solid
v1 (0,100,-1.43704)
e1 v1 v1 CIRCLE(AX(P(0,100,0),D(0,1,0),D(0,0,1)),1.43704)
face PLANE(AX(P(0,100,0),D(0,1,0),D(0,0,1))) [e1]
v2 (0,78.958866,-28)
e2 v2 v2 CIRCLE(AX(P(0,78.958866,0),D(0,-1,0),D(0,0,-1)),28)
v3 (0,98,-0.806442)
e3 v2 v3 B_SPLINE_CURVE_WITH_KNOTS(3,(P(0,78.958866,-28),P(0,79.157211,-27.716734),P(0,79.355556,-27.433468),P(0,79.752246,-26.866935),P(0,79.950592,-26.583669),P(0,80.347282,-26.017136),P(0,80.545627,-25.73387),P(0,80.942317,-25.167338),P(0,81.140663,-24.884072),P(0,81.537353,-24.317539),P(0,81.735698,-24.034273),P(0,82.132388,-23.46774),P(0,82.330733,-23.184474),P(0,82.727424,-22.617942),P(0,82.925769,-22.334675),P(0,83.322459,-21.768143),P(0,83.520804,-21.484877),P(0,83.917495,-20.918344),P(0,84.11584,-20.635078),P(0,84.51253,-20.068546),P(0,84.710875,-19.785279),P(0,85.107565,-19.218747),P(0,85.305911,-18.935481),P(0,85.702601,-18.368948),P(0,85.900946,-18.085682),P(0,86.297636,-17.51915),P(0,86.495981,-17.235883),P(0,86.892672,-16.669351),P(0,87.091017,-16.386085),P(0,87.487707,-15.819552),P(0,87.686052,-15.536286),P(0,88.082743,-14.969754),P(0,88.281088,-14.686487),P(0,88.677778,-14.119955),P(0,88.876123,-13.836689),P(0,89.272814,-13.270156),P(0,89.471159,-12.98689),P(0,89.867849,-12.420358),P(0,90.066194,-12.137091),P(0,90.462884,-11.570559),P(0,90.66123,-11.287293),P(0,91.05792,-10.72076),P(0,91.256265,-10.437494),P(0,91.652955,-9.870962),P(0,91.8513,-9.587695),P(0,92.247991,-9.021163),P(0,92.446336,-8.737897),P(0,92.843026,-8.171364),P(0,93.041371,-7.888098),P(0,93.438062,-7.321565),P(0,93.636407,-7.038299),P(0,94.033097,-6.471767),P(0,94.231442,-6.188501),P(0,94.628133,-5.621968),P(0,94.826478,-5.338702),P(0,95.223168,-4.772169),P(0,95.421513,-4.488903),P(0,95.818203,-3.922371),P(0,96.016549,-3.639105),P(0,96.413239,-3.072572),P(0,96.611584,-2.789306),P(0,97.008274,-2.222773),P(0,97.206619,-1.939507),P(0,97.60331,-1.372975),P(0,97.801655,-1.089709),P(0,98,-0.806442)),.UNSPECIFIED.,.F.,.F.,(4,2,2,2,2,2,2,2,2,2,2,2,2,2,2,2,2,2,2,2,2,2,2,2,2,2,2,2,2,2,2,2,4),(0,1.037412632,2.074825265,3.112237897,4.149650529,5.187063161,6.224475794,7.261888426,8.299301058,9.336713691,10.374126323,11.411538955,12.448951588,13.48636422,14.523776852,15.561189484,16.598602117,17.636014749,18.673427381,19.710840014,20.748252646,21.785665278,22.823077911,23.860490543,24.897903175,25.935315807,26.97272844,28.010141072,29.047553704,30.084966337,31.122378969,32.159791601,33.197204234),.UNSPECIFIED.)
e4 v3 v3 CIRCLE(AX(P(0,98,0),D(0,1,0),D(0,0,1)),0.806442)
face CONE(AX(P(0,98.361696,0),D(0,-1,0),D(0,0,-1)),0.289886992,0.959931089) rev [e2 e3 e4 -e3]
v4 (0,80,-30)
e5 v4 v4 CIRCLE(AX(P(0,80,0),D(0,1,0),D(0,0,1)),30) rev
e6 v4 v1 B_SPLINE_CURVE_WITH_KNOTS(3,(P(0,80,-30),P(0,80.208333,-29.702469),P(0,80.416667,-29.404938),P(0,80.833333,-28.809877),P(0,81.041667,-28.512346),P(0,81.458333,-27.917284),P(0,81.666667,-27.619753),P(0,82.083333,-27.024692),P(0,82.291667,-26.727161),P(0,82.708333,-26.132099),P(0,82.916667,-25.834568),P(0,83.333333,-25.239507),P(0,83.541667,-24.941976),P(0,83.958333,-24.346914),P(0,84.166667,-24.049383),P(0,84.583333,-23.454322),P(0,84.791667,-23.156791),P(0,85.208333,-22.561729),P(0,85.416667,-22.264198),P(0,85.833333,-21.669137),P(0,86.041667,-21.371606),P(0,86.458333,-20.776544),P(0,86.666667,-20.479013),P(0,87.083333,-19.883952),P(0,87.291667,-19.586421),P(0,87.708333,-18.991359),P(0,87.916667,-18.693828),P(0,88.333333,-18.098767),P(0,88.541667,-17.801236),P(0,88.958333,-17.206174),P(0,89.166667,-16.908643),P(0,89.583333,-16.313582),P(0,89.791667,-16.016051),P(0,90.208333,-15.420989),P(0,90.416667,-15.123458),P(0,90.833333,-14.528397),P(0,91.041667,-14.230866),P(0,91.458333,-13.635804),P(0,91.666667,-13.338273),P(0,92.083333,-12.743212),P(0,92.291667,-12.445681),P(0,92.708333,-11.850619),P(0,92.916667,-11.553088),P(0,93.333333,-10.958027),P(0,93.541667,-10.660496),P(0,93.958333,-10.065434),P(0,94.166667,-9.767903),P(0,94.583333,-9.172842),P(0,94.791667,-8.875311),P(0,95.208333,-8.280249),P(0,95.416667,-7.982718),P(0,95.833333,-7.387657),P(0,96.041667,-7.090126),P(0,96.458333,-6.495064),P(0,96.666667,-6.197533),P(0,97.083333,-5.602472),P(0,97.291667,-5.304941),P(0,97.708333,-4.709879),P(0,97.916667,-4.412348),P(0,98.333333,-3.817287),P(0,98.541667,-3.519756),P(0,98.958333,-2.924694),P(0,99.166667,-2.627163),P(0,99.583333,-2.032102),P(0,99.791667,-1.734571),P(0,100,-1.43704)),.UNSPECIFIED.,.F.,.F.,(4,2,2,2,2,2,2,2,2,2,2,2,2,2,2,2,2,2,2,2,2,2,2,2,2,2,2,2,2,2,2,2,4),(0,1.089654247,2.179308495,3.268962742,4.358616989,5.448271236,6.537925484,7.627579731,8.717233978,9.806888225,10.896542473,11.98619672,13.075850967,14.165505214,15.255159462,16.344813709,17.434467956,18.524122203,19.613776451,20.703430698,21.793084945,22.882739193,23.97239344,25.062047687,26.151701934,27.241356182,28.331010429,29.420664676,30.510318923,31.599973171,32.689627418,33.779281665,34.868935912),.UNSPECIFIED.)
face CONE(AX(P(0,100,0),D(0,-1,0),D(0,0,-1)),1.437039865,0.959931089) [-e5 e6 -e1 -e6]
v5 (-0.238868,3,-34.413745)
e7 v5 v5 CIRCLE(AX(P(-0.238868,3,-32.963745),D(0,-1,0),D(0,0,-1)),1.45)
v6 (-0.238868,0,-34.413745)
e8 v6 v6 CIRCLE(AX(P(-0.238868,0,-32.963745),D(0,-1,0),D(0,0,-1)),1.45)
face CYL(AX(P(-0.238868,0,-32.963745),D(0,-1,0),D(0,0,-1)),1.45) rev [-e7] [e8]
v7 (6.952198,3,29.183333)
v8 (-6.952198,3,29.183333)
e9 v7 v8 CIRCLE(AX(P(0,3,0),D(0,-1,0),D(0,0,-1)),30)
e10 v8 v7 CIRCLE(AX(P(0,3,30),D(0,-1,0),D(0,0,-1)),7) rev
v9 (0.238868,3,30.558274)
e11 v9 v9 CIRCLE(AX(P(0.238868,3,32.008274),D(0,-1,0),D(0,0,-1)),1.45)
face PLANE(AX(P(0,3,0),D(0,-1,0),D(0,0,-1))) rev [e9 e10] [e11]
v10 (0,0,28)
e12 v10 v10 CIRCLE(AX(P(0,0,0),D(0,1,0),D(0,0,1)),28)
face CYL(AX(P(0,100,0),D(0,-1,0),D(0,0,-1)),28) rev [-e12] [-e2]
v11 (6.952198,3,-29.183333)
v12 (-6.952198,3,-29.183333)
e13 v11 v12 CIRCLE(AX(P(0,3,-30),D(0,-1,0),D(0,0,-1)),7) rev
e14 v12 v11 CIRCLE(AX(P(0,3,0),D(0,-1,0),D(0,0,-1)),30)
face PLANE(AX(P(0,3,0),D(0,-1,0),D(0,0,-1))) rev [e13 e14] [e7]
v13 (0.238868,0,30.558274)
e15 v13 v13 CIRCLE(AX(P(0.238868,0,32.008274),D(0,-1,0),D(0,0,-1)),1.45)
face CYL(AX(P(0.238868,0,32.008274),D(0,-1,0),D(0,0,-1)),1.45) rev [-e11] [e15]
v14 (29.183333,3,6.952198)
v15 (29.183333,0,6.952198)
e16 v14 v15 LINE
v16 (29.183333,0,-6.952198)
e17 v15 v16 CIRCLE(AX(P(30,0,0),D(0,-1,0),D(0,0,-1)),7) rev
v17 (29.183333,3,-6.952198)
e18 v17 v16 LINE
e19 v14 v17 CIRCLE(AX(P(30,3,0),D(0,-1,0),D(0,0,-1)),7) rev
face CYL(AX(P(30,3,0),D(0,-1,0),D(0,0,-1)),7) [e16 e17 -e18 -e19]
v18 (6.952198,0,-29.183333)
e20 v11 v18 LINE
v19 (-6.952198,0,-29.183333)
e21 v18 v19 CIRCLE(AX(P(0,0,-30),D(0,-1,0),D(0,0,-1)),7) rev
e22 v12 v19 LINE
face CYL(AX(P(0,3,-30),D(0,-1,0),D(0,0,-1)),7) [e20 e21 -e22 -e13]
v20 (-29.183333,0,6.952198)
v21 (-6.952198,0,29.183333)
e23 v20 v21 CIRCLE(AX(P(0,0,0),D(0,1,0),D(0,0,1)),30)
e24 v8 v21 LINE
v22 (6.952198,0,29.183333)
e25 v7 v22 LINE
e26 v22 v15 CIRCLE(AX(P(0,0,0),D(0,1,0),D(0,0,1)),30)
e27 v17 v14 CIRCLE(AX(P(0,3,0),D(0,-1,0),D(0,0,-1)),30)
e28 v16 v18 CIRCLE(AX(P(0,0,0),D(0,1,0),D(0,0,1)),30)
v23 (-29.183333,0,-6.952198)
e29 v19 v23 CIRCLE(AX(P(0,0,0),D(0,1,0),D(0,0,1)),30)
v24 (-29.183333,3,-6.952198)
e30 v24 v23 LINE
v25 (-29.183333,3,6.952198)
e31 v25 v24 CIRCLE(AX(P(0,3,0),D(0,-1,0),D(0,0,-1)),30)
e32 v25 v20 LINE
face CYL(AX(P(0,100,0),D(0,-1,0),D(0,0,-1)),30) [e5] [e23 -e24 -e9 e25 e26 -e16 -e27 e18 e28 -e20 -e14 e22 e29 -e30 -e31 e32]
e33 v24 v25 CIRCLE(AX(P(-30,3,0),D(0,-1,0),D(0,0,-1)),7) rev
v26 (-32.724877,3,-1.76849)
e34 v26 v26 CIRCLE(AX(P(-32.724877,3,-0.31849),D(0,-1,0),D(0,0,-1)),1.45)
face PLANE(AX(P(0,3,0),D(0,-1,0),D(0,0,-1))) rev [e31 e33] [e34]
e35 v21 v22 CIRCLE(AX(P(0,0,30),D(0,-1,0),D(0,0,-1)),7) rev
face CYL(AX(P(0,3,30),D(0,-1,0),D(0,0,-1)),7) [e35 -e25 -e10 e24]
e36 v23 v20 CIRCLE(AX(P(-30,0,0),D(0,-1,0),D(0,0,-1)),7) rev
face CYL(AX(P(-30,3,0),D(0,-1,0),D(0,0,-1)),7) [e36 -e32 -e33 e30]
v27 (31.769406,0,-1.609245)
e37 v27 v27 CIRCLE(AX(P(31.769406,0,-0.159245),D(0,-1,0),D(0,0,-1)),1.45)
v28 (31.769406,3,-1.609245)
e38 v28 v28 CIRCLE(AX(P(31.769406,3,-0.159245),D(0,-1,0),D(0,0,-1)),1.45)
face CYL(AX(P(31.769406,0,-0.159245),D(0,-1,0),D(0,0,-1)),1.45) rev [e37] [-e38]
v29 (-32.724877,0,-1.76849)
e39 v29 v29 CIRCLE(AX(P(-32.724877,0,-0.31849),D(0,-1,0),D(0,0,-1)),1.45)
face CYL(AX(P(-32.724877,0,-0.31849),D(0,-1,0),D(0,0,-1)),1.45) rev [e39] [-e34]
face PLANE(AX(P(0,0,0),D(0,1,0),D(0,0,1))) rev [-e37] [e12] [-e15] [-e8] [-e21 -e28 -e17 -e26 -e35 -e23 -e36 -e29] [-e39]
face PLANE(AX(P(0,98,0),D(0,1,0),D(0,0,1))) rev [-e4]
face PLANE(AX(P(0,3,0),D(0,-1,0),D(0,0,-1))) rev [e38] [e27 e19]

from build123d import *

# Parameters (mm, degrees)
SKETCH1_R                 = 30
BOSS_EXTRUDE1_DEPTH       = 100
CHAMFER1_SIZE             = 20
CHAMFER1_SIZE2            = 28.562960135
SHELL1_T                  = -2
BOSS_EXTRUDE2_DEPTH       = 3
F_1_0MM_DOWEL_HOLE1_D     = 2.9
F_1_0MM_DOWEL_HOLE1_DEPTH = 9.128752102
F_1_0MM_DOWEL_HOLE1_TIP   = 0.871247898


with BuildPart() as part:
    # Sketch1 → Boss-Extrude1 (new body)
    with BuildSketch(Plane(origin=(0, 0, 0), x_dir=(1, 0, 0), z_dir=(0, 1, 0))):
        with Locations(Location((0, 0, 0), (0, 0, 270))):
            Circle(SKETCH1_R)
    extrude(amount=BOSS_EXTRUDE1_DEPTH)

    # Chamfer1
    chamfer1_edges = [part.edges().sort_by_distance(p)[0] for p in [
        (0, 100, -30),
    ]]
    chamfer1_side = [part.faces().sort_by_distance(p)[0] for p in [
        (0, 50, -30),
    ]]
    chamfer(chamfer1_edges, length=CHAMFER1_SIZE, length2=CHAMFER1_SIZE2, reference=chamfer1_side[0])

    # Shell1
    shell1_openings = [part.faces().sort_by_distance(p)[0] for p in [
        (0, 0, 0),
    ]]
    offset(amount=SHELL1_T, openings=shell1_openings, kind=Kind.INTERSECTION)

    # Sketch2 → Boss-Extrude2 (add)
    with BuildSketch(Plane.XZ):
        with BuildLine():
            ThreePointArc((29.183333333, -6.952197894), (37, 0), (29.183333333, 6.952197894))
            ThreePointArc((29.183333333, 6.952197894), (29.795133831, 3.5), (30, 0))
            ThreePointArc((30, 0), (29.795133831, -3.5), (29.183333333, -6.952197894))
        make_face()
        with BuildLine():
            ThreePointArc((-6.952197894, 29.183333333), (0, 30), (6.952197894, 29.183333333))
            ThreePointArc((6.952197894, 29.183333333), (0, 37), (-6.952197894, 29.183333333))
        make_face()
        with BuildLine():
            ThreePointArc((-29.183333333, -6.952197894), (-30, 0), (-29.183333333, 6.952197894))
            ThreePointArc((-29.183333333, 6.952197894), (-37, 0), (-29.183333333, -6.952197894))
        make_face()
        with BuildLine():
            ThreePointArc((-6.952197894, -29.183333333), (0, -37), (6.952197894, -29.183333333))
            ThreePointArc((6.952197894, -29.183333333), (0, -30), (-6.952197894, -29.183333333))
        make_face()
    extrude(amount=-BOSS_EXTRUDE2_DEPTH)

    # Ø1.0mm Dowel Hole1
    with Locations(Plane(origin=(0.238867715, 0, 32.008273773), x_dir=(0, 0, -1), z_dir=(0, -1, 0))):
        with Locations((0, 0), (32.167518916, 31.530538344), (64.972018405, -0.47773543), (32.326764059, -32.963744633)):
            Hole(F_1_0MM_DOWEL_HOLE1_D / 2, depth=F_1_0MM_DOWEL_HOLE1_DEPTH)
            with Locations((0, 0, -(F_1_0MM_DOWEL_HOLE1_DEPTH + F_1_0MM_DOWEL_HOLE1_TIP / 2))):  # 118° drill point
                Cone(0, F_1_0MM_DOWEL_HOLE1_D / 2, F_1_0MM_DOWEL_HOLE1_TIP, mode=Mode.SUBTRACT)


solid = part.part
